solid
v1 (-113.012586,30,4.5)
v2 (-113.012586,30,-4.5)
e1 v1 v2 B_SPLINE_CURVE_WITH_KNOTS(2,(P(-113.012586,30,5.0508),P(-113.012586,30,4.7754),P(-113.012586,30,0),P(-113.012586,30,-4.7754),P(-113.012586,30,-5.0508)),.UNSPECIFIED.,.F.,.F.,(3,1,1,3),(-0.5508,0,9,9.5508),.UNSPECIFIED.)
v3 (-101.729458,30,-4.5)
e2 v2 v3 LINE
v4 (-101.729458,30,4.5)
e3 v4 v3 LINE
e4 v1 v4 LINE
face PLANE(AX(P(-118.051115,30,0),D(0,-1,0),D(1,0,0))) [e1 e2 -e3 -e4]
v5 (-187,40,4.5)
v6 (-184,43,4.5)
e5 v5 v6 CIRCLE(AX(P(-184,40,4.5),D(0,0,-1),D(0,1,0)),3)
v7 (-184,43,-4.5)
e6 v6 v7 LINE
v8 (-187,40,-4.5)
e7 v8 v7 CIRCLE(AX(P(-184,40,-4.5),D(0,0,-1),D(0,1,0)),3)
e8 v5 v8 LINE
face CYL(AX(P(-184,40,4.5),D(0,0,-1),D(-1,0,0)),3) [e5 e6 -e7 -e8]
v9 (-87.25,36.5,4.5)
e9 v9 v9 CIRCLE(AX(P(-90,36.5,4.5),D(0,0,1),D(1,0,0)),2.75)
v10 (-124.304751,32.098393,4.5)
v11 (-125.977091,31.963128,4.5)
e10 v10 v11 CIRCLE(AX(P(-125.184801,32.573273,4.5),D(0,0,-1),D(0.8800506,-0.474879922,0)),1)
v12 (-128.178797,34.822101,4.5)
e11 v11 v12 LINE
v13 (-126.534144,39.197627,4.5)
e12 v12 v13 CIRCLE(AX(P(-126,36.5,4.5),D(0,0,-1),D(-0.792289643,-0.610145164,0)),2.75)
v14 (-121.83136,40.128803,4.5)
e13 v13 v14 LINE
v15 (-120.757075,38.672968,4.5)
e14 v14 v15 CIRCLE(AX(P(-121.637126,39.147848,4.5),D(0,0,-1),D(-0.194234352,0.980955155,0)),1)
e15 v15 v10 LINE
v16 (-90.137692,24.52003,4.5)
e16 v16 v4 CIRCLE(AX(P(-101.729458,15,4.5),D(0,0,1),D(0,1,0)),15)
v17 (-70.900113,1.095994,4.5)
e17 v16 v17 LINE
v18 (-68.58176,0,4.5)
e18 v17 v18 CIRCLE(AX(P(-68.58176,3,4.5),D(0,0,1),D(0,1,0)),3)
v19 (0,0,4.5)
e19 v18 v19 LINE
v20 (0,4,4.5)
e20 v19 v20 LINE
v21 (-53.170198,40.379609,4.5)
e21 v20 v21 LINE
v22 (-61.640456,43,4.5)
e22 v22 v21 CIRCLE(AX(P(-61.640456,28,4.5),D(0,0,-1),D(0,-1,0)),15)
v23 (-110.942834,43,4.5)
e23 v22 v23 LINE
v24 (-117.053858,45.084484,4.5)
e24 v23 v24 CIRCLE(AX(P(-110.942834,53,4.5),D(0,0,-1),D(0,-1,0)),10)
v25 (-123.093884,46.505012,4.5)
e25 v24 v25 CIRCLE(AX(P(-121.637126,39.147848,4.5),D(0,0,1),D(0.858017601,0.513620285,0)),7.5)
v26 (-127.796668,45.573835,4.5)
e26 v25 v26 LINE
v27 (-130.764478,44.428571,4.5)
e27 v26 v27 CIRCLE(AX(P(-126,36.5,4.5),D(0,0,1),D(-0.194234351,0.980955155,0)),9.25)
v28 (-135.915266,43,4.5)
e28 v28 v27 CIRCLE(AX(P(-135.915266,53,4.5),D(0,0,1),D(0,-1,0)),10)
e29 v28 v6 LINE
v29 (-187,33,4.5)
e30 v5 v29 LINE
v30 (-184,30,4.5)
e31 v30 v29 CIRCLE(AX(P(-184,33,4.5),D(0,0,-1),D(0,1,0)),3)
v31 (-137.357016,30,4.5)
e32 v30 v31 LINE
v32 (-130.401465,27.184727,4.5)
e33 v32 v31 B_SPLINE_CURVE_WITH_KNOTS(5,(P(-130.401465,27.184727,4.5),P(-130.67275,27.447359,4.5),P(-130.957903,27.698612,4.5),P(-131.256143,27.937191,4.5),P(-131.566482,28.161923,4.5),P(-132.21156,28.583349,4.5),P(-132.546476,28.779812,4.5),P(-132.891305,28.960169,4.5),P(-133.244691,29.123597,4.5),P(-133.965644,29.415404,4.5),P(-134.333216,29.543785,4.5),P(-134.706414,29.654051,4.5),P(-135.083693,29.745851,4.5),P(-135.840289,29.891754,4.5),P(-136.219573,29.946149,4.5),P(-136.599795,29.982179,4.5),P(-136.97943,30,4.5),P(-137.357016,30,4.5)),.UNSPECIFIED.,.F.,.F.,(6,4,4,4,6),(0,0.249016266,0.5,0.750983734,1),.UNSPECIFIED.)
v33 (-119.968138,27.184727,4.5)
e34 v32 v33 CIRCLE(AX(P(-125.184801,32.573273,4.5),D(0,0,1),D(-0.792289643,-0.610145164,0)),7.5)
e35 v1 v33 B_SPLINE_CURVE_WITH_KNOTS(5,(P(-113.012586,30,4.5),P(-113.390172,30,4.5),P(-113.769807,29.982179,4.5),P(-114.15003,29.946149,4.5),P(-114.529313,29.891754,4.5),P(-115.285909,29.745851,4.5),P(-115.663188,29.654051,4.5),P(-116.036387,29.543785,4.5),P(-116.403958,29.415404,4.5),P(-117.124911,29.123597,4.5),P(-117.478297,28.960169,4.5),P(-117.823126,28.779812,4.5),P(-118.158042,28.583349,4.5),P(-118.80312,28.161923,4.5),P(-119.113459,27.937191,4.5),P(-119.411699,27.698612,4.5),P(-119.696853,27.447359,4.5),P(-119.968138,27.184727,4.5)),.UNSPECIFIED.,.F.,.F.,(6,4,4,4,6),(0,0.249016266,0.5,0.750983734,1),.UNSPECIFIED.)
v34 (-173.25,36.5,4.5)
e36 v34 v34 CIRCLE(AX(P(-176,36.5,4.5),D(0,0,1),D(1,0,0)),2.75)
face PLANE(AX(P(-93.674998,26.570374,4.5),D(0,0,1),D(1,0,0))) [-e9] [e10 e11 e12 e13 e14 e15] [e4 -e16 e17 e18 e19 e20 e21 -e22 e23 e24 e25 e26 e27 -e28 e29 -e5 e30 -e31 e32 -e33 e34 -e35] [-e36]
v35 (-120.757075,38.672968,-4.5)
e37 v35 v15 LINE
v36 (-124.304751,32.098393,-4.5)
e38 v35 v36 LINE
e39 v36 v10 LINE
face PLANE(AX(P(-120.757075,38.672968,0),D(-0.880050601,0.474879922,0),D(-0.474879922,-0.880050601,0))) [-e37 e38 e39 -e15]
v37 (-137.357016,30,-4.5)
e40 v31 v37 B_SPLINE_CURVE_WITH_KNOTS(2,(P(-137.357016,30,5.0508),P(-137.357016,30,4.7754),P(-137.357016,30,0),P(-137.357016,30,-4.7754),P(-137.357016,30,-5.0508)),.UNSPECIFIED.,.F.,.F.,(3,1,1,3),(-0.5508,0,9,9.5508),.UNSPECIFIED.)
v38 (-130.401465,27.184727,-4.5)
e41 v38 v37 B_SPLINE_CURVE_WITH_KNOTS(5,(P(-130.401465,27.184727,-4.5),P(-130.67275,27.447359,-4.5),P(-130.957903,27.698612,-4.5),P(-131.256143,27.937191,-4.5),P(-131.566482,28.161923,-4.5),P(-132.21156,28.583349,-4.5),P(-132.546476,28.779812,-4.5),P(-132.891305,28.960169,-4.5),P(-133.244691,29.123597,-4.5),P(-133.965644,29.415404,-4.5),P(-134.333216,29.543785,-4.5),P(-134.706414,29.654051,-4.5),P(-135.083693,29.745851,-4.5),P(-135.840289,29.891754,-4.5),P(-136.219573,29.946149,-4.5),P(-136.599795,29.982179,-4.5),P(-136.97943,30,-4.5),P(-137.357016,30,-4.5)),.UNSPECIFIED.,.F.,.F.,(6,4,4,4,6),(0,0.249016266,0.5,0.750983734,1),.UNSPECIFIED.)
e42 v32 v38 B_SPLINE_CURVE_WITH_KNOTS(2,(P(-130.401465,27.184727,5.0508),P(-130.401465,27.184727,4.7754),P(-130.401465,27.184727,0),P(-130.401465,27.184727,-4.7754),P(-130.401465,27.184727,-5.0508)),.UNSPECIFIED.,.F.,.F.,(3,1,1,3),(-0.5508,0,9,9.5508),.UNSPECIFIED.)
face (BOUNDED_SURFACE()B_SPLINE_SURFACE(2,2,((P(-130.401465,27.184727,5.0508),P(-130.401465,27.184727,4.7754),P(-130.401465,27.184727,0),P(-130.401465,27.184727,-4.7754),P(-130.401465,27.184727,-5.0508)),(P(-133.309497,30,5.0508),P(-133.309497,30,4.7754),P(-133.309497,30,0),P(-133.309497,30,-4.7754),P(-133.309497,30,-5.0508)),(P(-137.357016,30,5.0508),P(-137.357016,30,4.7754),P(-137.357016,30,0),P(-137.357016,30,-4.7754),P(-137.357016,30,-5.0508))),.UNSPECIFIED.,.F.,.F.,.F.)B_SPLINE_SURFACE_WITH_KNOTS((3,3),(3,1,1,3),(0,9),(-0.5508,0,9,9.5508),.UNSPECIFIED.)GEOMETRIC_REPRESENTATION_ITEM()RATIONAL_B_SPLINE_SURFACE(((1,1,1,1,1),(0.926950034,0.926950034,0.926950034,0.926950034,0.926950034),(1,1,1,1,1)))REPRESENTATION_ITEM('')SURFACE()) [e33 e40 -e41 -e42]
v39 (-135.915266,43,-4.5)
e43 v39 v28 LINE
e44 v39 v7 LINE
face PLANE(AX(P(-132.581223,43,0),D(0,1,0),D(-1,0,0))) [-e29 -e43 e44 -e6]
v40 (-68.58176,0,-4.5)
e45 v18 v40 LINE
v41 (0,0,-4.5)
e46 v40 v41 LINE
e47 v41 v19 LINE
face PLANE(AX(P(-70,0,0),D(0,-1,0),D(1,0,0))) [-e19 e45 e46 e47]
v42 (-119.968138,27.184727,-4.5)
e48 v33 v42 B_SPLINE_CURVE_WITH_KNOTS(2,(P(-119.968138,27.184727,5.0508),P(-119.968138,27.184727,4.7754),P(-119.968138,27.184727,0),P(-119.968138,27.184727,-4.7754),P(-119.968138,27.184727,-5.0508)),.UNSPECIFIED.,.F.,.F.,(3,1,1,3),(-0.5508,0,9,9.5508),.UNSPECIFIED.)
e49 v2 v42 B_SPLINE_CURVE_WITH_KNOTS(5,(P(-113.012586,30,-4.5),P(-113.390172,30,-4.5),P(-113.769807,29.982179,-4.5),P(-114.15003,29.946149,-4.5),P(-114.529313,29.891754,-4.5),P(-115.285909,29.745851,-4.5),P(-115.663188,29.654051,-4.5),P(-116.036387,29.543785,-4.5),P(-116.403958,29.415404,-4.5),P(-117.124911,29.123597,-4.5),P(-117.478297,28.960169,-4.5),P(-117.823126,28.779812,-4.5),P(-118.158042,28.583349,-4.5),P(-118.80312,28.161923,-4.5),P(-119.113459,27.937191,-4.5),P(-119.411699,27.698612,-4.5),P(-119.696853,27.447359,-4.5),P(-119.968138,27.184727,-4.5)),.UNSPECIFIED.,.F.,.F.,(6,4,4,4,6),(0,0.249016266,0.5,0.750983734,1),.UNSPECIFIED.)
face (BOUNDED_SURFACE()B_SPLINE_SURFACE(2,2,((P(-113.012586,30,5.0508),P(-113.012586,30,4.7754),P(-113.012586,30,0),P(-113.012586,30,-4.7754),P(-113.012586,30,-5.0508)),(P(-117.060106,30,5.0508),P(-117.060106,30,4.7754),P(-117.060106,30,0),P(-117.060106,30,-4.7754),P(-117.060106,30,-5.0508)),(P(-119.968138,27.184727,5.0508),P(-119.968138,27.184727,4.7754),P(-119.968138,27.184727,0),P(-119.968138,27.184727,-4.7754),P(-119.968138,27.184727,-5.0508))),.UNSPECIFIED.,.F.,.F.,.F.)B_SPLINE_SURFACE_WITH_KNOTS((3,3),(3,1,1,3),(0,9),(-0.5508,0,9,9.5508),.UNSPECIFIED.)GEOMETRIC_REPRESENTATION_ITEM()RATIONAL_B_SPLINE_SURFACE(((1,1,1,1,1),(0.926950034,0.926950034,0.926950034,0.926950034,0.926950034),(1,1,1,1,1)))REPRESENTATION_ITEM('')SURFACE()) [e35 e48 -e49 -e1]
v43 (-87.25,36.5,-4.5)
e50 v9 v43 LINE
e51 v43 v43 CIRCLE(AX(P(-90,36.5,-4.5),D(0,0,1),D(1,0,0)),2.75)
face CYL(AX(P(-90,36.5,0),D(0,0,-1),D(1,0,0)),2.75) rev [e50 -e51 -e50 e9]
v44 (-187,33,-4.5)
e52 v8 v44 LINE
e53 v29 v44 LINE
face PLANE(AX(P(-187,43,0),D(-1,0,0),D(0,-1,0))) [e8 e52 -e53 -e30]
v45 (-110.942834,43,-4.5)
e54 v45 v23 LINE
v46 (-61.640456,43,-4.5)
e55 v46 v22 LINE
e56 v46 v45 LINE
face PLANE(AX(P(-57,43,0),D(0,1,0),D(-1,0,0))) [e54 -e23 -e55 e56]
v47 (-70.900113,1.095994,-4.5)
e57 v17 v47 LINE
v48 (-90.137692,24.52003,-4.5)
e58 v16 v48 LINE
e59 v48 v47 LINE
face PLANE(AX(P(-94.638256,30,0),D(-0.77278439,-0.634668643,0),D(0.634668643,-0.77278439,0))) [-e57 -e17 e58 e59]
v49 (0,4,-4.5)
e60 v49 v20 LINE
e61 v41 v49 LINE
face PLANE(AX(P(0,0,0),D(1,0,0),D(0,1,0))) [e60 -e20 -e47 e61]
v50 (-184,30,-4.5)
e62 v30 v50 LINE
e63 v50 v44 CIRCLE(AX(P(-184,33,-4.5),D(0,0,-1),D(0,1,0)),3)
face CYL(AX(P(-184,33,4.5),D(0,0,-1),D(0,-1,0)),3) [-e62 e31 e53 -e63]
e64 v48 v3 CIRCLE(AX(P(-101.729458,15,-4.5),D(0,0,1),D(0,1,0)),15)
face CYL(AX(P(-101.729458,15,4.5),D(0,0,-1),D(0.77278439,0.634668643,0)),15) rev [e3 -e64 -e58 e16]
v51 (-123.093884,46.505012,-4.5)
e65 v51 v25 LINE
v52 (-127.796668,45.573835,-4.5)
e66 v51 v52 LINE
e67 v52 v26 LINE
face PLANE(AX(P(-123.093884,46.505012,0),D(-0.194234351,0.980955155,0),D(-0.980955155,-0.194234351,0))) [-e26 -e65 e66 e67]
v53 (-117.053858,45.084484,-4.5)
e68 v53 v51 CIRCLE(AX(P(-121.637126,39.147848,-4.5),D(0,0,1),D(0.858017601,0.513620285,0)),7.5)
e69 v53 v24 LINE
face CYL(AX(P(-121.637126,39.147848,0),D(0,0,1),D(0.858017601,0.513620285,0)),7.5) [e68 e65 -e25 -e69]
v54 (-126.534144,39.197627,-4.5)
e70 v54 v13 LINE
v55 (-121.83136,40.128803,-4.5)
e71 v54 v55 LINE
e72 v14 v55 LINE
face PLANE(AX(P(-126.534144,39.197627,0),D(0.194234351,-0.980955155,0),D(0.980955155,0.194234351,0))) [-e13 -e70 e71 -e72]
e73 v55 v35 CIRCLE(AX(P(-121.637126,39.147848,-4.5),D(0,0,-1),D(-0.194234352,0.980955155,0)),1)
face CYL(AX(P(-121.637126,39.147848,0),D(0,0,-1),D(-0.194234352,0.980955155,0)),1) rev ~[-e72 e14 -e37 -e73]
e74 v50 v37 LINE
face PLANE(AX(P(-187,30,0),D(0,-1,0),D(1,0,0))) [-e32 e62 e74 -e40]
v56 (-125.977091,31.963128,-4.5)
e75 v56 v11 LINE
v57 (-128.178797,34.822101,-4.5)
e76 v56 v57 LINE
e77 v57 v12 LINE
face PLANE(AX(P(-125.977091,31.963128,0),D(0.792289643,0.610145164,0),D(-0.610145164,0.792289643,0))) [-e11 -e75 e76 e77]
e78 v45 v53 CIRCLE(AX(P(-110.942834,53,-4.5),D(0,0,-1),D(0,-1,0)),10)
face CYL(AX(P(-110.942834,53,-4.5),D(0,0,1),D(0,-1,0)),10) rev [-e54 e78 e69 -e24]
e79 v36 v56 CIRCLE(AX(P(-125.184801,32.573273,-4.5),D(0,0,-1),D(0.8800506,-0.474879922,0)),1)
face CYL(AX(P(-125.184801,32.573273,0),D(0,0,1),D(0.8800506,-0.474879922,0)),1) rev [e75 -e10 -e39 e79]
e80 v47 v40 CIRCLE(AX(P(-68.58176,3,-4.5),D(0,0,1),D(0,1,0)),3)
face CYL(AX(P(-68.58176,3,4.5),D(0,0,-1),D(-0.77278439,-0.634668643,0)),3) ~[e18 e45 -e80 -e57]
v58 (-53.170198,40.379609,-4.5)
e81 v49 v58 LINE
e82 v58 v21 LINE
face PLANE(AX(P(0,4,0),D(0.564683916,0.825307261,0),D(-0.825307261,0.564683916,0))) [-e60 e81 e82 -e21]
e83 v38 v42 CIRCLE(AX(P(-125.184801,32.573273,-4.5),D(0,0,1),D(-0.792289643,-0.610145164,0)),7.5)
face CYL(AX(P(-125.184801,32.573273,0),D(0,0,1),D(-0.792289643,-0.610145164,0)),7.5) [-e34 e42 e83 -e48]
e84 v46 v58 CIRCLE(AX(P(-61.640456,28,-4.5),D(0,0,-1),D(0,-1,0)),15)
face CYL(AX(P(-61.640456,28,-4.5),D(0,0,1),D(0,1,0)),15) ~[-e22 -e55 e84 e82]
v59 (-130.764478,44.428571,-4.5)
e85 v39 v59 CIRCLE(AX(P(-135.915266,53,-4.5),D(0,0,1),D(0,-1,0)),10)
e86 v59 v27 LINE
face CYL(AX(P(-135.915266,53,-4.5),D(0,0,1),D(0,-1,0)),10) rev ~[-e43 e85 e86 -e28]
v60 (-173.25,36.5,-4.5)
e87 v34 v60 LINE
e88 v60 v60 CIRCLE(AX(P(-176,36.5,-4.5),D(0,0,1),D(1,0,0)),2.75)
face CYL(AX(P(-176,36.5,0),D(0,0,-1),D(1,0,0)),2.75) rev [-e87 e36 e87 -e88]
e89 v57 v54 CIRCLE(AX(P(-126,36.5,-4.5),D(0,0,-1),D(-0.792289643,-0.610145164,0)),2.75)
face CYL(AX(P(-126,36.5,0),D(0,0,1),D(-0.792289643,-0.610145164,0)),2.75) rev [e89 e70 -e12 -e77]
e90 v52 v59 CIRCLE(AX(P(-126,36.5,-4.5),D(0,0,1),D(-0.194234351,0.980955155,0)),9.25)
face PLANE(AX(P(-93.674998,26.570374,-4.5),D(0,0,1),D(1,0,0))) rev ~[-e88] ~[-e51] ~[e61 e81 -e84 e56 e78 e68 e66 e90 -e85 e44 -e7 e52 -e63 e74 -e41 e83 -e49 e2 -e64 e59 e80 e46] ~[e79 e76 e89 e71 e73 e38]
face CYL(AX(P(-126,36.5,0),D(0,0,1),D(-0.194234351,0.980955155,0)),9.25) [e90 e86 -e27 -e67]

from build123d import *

# Parameters (mm, degrees)
SKETCH3_R           = 2.75
BOSS_EXTRUDE3_DEPTH = 4.5
FILLET13_R          = 15
FILLET14_R          = 10
FILLET15_R          = 3


with BuildPart() as part:
    # Sketch3 → Boss-Extrude3 (new body, symmetric)
    with BuildSketch(Plane.XY):
        with BuildLine():
            Line((-70, 0), (0, 0))
            Line((0, 0), (0, 4))
            Line((0, 4), (-57, 43))
            Line((-57, 43), (-115.201993943, 43))
            ThreePointArc((-115.201993943, 43), (-118.592897096, 46.002238478), (-123.093883581, 46.505011528))
            Line((-123.093883581, 46.505011528), (-127.796667749, 45.573835187))
            ThreePointArc((-127.796667749, 45.573835187), (-130.382170861, 44.646108184), (-132.581223291, 43))
            Line((-132.581223291, 43), (-187, 43))
            Line((-187, 43), (-187, 30))
            Line((-187, 30), (-132.669349371, 30))
            Line((-132.669349371, 30), (-131.12697347, 27.997184072))
            ThreePointArc((-131.12697347, 27.997184072), (-124.580147263, 25.097686291), (-118.584421639, 29.011673389))
            Line((-118.584421639, 29.011673389), (-118.051115414, 30))
            Line((-118.051115414, 30), (-94.638255551, 30))
            Line((-94.638255551, 30), (-70, 0))
        make_face()
        with Locations((-90, 36.5)):
            Circle(SKETCH3_R, mode=Mode.SUBTRACT)
        with BuildLine():
            ThreePointArc((-128.178796519, 34.822100799), (-128.574163723, 37.467564533), (-126.534144466, 39.197626677))
            Line((-126.534144466, 39.197626677), (-121.831360298, 40.128803018))
            ThreePointArc((-121.831360298, 40.128803018), (-120.832483215, 39.741607136), (-120.757075346, 38.672967941))
            Line((-120.757075346, 38.672967941), (-124.304750544, 32.09839288))
            ThreePointArc((-124.304750544, 32.09839288), (-125.104180628, 31.576527934), (-125.977090788, 31.963127638))
            Line((-125.977090788, 31.963127638), (-128.178796519, 34.822100799))
        make_face(mode=Mode.SUBTRACT)
        with Locations((-176, 36.5)):
            Circle(SKETCH3_R, mode=Mode.SUBTRACT)
    extrude(amount=BOSS_EXTRUDE3_DEPTH, both=True)

    # Fillet13
    fillet13_edges = [part.edges().sort_by_distance(p)[0] for p in [
        (-57, 43, 0),
        (-94.638255551, 30, 0),
    ]]
    fillet(fillet13_edges, radius=FILLET13_R)

    # Fillet14
    fillet14_edges = [part.edges().sort_by_distance(p)[0] for p in [
        (-115.201993943, 43, 0),
        (-132.581223291, 43, 0),
        (-132.669349371, 30, 0),
        (-118.051115414, 30, 0),
    ]]
    fillet(fillet14_edges, radius=FILLET14_R)

    # Fillet15
    fillet15_edges = [part.edges().sort_by_distance(p)[0] for p in [
        (-70, 0, 0),
        (-187, 30, 0),
        (-187, 43, 0),
    ]]
    fillet(fillet15_edges, radius=FILLET15_R)


solid = part.part
